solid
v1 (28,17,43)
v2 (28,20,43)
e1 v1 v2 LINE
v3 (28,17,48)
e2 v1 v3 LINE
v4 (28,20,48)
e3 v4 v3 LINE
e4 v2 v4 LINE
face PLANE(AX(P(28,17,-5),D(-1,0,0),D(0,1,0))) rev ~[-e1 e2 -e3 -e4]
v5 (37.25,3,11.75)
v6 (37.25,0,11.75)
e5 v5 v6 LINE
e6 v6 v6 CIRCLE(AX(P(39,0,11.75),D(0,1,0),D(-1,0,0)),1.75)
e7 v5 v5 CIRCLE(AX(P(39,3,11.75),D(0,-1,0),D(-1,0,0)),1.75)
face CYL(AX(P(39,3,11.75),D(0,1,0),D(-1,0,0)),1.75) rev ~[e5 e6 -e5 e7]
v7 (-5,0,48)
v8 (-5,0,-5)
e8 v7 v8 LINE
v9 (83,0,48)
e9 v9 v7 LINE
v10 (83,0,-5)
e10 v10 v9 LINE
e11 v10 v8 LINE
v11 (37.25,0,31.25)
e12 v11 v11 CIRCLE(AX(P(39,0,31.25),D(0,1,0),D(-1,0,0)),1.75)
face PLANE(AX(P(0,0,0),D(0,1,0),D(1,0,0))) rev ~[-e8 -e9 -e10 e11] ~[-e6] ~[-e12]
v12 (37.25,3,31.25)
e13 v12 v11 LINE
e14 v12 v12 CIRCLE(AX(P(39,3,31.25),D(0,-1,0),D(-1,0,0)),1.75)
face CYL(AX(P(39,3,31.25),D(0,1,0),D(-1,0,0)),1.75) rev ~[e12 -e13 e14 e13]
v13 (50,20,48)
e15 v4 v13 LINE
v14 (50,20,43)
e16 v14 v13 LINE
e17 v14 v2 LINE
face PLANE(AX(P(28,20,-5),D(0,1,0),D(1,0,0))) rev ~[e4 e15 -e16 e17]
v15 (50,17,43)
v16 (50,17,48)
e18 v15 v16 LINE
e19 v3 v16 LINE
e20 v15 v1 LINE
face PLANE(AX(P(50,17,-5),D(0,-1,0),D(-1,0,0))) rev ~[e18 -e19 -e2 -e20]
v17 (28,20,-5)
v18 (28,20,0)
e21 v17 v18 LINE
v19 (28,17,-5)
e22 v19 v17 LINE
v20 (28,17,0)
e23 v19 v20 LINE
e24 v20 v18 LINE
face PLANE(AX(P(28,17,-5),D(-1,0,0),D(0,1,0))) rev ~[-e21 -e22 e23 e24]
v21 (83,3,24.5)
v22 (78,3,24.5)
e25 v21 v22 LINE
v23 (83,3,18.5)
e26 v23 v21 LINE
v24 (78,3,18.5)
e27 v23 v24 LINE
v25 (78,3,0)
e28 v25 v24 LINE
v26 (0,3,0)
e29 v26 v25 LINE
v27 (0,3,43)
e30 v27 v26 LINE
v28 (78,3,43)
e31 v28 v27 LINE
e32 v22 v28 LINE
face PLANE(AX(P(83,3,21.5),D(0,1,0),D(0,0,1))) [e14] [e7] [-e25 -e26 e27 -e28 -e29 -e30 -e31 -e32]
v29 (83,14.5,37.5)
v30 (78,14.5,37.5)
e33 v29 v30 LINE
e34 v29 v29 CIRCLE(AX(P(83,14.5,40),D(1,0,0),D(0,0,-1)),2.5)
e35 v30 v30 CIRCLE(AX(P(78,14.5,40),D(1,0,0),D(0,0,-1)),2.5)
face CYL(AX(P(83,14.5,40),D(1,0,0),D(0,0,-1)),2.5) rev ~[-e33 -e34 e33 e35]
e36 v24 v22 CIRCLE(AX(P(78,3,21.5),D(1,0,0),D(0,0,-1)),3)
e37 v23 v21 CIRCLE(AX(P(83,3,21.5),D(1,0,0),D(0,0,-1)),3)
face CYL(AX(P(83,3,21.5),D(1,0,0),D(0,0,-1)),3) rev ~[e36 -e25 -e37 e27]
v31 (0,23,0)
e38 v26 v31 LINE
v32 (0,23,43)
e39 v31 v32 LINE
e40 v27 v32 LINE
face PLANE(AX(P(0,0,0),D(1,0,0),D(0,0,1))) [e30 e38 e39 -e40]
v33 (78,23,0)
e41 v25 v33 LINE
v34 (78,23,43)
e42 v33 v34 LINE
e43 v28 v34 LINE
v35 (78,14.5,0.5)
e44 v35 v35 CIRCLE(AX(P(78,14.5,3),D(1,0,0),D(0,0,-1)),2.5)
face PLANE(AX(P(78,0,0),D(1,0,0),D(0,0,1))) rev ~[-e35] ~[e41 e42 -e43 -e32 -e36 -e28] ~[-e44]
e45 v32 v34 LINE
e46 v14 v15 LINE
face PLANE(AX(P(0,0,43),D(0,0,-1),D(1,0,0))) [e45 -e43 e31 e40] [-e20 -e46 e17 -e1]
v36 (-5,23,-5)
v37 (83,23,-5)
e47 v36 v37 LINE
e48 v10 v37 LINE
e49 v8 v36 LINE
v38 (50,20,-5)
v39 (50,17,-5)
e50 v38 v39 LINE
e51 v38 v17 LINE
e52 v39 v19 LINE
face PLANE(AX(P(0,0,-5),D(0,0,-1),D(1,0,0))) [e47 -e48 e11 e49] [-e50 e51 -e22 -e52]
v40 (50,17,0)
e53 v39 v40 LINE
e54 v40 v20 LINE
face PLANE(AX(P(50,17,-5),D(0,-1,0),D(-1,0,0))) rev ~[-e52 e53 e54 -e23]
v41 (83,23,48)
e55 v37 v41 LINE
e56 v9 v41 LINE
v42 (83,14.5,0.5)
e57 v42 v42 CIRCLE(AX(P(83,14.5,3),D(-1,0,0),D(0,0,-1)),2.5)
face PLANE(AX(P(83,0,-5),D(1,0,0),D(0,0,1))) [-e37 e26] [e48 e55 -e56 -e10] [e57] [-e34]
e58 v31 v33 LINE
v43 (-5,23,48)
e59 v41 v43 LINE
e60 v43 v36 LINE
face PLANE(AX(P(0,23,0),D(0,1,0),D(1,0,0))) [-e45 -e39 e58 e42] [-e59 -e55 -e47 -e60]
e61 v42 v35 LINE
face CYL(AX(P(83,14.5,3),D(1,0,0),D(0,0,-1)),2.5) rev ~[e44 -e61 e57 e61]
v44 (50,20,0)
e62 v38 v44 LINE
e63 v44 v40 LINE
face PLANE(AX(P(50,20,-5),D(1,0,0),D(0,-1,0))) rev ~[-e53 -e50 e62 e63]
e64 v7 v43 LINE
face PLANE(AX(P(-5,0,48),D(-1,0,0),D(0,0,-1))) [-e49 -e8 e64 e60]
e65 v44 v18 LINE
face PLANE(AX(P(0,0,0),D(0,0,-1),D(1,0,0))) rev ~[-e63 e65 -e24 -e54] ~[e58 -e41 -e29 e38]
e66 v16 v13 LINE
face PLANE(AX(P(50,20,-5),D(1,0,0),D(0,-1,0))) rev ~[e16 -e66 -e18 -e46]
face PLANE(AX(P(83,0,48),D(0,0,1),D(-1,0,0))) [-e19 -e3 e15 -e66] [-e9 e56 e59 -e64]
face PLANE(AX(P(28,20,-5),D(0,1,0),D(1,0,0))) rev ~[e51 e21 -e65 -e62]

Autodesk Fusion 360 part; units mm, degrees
sketch "Sketch1" plane through (0, 0, 0) normal (0, 1, 0) x (1, 0, 0)
  line L0 (0, 0) -> (78, 0)
  line L1 (0, 0) -> (0, -43)
  line L2 (0, -43) -> (78, -43)
  line L3 (78, 0) -> (78, -43)
  line L4 (0, 5) -> (83, 5)
  line L5 (83, 5) -> (83, -48)
  line L6 (83, -48) -> (-5, -48)
  line L7 (-5, -48) -> (-5, 5)
  line L8 (-5, 5) -> (0, 5)
  dimension "d1" = 78
  dimension "d2" = 43
  dimension "d3" = 78
  dimension "d4" = 5
  dimension "d5" = 83
  dimension "d6" = 53
  dimension "d7" = 88
extrude "Extrude1" add sketch "Sketch1" along normal blind 23
sketch "Sketch2" plane through (0, 0, 0) normal (0, 1, 0) x (1, 0, 0)
sketch "Sketch3" plane through (0, 0, 0) normal (0, 1, 0) x (1, 0, 0)
  line L0 (0, 0) -> (78, 0)
  line L1 (78, 0) -> (78, -43)
  line L2 (78, -43) -> (0, -43)
  line L3 (0, -43) -> (0, 0)
extrude "Extrude2" add sketch "Sketch3" along normal blind 3
sketch "Sketch4" plane through (0, 3, 0) normal (0, 1, 0) x (-1, 0, 0)
  line L0 (0, 43) -> (-78, 43)
  line L1 (-78, 43) -> (-78, 0)
  line L2 (-78, 0) -> (0, 0)
sketch "Sketch5" plane through (0, 0, 0) normal (0, -1, 0) x (1, 0, 0)
  line L0 (-5, 48) -> (-5, -5)
  line L1 (-5, -5) -> (83, -5)
  line L2 (83, -5) -> (83, 48)
  line L3 (83, 48) -> (-5, 48)
sketch "Sketch6" plane through (0, 3, 0) normal (0, 1, 0) x (-1, 0, 0)
  line L0 (-39, 21.5) -> (-39, 11.75)
  line L1 (-39, 21.5) -> (-39, 31.25)
  circle A0 centre (-39, 11.75) radius 1.75
  circle A1 centre (-39, 31.25) radius 1.75
  dimension "d12" = 9.75
  dimension "d13" = 9.75
  dimension "d14" = 3.5
  dimension "d15" = 3.5
extrude "Extrude3" cut sketch "Sketch6" against normal blind 20
sketch "Sketch7" plane through (0, 3, 0) normal (0, 1, 0) x (-1, 0, 0)
  circle A0 centre (-39, 11.75) radius 1.75
  circle A1 centre (-39, 31.25) radius 1.75
  line L0 (0, 43) -> (-78, 43)
  line L1 (-78, 0) -> (0, 0)
  line L2 (0, 0) -> (0, 43)
sketch "Sketch8" plane through (0, 3, 0) normal (0, 1, 0) x (-1, 0, 0)
sketch "Sketch9" plane through (83, 0, 0) normal (1, 0, 0) x (0, 0, -1)
  line L0 (-48, 0) -> (5, 0)
  line L1 (5, 0) -> (5, 23)
  line L2 (5, 23) -> (-48, 23)
  line L3 (-48, 23) -> (-48, 0)
sketch "Sketch10" plane through (83, 0, 0) normal (1, 0, 0) x (0, 0, -1)
  line L0 (-48, 0) -> (-48, 3)
  line L1 (5, 3) -> (-21.5, 3)
  line L2 (-21.5, 3) -> (-24.5, 3)
  arc A0 (-18.5, 3) -> (-24.5, 3) centre (-21.5, 3) ccw
  dimension "d18" = 3
  dimension "d19" = 6
extrude "Extrude4" cut sketch "Sketch10" against normal blind 20
sketch "Sketch11" plane through (83, 0, 0) normal (1, 0, 0) x (0, 0, -1)
  line L0 (-21.5, 3) -> (-21.5, 6)
  line L1 (-21.5, 6) -> (-21.5, 23)
  line L2 (-21.5, 23) -> (-21.5, 14.5)
  circle A0 centre (-40, 14.5) radius 2.5
  line L3 (-21.5, 14.5) -> (-3, 14.5)
  circle A1 centre (-3, 14.5) radius 2.5
  dimension "d22" = 5
  dimension "d24" = 18.5
  dimension "d25" = 5
extrude "Extrude5" cut sketch "Sketch11" against normal blind 50
sketch "Sketch12" plane through (0, 0, -5) normal (0, 0, -1) x (-1, 0, 0)
  line L0 (-83, 0) -> (5, 0)
  line L1 (5, 0) -> (5, 23)
  line L2 (5, 23) -> (-83, 23)
  line L3 (-83, 23) -> (-83, 0)
  line L4 (-39, 20) -> (-50, 20)
  line L5 (-50, 20) -> (-50, 17)
  line L6 (-50, 17) -> (-28, 17)
  line L7 (-28, 17) -> (-28, 20)
  line L8 (-28, 20) -> (-39, 20)
  dimension "d29" = 3
  dimension "d30" = 22
extrude "Extrude6" cut sketch "Sketch12" against normal blind 100 contours L4 L5 L6 L7 L8
